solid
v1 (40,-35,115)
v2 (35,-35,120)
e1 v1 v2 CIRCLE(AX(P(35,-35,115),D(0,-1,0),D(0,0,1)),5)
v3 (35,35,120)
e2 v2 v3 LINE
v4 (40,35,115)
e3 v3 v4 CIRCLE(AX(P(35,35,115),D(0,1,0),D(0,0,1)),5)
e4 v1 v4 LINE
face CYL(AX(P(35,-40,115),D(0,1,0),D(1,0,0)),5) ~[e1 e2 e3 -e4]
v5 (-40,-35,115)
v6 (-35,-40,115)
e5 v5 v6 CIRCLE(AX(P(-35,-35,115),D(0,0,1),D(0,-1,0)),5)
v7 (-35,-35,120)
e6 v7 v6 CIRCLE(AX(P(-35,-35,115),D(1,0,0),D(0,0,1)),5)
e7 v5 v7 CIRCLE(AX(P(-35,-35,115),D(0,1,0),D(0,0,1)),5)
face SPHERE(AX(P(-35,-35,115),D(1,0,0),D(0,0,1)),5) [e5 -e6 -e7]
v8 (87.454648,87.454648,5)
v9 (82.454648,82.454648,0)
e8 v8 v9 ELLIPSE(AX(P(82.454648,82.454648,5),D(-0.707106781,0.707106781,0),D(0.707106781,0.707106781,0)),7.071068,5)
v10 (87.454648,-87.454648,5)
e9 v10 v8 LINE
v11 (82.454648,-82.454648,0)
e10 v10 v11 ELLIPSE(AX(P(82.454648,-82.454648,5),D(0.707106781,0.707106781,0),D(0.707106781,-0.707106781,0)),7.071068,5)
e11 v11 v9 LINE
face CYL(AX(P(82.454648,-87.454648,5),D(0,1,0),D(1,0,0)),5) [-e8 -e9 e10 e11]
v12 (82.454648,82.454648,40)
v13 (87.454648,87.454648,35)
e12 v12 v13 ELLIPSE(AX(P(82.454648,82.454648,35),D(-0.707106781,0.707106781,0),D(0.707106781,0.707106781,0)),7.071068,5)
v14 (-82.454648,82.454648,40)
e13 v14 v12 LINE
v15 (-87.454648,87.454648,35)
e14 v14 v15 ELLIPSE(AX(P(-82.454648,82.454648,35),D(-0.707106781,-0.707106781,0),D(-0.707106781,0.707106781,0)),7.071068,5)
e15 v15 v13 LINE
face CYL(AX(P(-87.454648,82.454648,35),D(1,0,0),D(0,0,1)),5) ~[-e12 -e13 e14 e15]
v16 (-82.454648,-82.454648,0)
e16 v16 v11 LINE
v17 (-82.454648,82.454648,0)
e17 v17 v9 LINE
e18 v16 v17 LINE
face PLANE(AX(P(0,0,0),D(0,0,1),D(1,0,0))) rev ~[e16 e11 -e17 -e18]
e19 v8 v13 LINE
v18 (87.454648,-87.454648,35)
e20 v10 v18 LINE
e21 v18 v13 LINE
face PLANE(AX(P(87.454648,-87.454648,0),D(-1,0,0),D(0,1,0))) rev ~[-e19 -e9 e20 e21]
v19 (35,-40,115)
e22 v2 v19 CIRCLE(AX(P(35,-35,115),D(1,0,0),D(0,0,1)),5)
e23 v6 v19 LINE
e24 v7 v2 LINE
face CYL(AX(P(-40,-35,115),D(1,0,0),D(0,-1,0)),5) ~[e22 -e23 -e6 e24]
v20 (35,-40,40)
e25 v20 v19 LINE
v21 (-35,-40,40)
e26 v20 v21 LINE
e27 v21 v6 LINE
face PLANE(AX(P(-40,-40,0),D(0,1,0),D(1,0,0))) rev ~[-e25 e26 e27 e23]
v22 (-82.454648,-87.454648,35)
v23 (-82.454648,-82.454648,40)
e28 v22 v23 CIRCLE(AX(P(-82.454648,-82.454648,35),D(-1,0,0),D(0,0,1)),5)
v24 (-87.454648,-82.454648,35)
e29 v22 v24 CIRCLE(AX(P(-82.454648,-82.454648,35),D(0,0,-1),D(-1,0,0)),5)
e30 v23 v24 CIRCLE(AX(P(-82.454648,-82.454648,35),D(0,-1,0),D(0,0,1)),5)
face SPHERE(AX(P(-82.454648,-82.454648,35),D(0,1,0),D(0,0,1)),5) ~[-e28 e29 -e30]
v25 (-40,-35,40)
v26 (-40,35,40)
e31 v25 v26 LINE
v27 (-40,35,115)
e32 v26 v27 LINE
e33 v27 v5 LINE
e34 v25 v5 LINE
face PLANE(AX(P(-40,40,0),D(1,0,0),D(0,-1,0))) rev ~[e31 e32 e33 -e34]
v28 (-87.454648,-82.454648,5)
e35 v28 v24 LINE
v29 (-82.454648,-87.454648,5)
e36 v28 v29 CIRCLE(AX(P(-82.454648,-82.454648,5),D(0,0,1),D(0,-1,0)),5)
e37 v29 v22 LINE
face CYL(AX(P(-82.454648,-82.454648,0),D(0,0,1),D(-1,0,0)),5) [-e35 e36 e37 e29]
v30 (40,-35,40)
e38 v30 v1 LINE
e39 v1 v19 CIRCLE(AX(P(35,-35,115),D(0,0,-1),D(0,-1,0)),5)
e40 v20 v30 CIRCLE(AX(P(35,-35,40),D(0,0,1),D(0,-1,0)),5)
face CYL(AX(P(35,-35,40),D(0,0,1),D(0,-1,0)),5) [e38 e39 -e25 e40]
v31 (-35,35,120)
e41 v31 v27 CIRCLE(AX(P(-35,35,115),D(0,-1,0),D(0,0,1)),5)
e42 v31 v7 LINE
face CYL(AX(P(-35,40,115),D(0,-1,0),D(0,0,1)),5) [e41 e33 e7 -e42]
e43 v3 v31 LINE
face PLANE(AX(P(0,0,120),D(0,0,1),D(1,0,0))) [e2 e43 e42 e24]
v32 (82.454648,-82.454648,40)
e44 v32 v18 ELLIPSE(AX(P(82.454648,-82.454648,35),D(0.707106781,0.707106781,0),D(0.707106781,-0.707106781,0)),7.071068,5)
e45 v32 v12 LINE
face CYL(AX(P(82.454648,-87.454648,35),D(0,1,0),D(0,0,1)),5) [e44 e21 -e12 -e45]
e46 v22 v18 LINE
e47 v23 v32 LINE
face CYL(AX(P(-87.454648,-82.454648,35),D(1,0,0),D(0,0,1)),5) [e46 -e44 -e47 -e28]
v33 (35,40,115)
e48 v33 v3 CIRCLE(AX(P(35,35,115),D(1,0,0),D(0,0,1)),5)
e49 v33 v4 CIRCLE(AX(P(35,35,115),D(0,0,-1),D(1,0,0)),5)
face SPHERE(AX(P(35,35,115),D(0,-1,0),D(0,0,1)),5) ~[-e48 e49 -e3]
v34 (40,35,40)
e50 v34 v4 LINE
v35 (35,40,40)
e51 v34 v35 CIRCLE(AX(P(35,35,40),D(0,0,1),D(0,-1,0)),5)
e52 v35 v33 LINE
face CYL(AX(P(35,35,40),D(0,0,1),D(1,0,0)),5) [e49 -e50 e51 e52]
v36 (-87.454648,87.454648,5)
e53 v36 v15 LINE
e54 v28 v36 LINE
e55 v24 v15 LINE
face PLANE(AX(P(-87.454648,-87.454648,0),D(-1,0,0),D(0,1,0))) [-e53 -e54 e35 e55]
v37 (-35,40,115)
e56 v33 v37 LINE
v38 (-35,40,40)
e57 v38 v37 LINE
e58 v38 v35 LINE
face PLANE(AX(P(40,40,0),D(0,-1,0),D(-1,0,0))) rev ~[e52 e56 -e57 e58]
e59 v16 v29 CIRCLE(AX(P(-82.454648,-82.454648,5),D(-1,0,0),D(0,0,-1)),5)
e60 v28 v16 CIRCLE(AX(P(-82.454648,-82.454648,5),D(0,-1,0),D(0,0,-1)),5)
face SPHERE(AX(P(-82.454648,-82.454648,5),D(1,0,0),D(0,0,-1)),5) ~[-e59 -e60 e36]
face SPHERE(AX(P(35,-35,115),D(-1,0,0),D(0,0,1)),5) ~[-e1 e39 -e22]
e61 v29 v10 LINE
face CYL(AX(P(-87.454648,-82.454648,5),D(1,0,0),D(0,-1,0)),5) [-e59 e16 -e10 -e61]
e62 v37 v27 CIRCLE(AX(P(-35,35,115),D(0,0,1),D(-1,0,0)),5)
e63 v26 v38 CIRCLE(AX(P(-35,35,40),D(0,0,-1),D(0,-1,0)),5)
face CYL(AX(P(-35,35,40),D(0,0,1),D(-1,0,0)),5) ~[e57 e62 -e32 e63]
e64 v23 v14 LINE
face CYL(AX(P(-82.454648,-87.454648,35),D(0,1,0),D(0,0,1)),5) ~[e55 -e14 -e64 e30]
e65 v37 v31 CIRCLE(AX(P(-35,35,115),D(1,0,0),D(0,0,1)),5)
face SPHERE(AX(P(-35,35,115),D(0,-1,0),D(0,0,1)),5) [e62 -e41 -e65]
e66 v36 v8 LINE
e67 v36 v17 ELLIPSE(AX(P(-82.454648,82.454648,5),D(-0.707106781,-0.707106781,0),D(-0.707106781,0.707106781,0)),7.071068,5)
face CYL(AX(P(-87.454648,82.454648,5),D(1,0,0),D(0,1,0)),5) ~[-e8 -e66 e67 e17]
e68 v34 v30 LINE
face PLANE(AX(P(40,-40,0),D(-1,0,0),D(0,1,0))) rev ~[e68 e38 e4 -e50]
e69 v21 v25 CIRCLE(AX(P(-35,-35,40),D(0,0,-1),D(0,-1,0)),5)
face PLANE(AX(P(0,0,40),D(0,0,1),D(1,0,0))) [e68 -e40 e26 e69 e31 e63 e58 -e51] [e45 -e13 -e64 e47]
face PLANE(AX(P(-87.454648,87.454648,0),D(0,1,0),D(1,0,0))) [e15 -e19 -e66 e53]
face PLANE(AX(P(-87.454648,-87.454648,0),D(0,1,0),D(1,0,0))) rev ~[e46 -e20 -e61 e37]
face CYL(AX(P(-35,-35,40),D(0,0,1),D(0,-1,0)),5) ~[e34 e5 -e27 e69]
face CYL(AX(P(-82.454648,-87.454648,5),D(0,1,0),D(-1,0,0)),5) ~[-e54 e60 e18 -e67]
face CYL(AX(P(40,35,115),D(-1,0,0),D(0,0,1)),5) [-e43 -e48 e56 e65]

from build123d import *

# Parameters (mm, degrees)
F0_W     = 174.909296
F0_H     = 174.909296
F1_DEPTH = 40
F2_DEPTH = 120
F3_R     = 5


with BuildPart() as f1:
    # F0 (on Top) → F1 (new body)
    with BuildSketch(Plane.XY):
        Rectangle(F0_W, F0_H)
        Polygon((40, -40), (0, -40), (-40, -40), (-40, 40), (40, 40), align=None, mode=Mode.SUBTRACT)
    extrude(amount=F1_DEPTH)

    # F0 (on Top) → F2 (join)
    with BuildSketch(Plane.XY):
        Polygon((-40, -40), (0, -40), (40, -40), (40, 40), (-40, 40), align=None)
    extrude(amount=F2_DEPTH)

    # F3
    f3_edges = [f1.edges().sort_by_distance(p)[0] for p in [
        (0, -40, 120),
        (40, 0, 120),
        (-40, 0, 120),
        (0, 40, 120),
        (40, 40, 80),
        (40, -40, 80),
        (-40, -40, 80),
        (-40, 40, 80),
        (-87.454648, 0, 40),
        (0, -87.454648, 40),
        (0, -87.454648, 0),
        (-87.454648, 0, 0),
        (-87.454648, -87.454648, 20),
        (87.454648, 0, 40),
        (87.454648, 0, 0),
        (0, 87.454648, 0),
        (0, 87.454648, 40),
    ]]
    fillet(f3_edges, radius=F3_R)


solid = f1.part
